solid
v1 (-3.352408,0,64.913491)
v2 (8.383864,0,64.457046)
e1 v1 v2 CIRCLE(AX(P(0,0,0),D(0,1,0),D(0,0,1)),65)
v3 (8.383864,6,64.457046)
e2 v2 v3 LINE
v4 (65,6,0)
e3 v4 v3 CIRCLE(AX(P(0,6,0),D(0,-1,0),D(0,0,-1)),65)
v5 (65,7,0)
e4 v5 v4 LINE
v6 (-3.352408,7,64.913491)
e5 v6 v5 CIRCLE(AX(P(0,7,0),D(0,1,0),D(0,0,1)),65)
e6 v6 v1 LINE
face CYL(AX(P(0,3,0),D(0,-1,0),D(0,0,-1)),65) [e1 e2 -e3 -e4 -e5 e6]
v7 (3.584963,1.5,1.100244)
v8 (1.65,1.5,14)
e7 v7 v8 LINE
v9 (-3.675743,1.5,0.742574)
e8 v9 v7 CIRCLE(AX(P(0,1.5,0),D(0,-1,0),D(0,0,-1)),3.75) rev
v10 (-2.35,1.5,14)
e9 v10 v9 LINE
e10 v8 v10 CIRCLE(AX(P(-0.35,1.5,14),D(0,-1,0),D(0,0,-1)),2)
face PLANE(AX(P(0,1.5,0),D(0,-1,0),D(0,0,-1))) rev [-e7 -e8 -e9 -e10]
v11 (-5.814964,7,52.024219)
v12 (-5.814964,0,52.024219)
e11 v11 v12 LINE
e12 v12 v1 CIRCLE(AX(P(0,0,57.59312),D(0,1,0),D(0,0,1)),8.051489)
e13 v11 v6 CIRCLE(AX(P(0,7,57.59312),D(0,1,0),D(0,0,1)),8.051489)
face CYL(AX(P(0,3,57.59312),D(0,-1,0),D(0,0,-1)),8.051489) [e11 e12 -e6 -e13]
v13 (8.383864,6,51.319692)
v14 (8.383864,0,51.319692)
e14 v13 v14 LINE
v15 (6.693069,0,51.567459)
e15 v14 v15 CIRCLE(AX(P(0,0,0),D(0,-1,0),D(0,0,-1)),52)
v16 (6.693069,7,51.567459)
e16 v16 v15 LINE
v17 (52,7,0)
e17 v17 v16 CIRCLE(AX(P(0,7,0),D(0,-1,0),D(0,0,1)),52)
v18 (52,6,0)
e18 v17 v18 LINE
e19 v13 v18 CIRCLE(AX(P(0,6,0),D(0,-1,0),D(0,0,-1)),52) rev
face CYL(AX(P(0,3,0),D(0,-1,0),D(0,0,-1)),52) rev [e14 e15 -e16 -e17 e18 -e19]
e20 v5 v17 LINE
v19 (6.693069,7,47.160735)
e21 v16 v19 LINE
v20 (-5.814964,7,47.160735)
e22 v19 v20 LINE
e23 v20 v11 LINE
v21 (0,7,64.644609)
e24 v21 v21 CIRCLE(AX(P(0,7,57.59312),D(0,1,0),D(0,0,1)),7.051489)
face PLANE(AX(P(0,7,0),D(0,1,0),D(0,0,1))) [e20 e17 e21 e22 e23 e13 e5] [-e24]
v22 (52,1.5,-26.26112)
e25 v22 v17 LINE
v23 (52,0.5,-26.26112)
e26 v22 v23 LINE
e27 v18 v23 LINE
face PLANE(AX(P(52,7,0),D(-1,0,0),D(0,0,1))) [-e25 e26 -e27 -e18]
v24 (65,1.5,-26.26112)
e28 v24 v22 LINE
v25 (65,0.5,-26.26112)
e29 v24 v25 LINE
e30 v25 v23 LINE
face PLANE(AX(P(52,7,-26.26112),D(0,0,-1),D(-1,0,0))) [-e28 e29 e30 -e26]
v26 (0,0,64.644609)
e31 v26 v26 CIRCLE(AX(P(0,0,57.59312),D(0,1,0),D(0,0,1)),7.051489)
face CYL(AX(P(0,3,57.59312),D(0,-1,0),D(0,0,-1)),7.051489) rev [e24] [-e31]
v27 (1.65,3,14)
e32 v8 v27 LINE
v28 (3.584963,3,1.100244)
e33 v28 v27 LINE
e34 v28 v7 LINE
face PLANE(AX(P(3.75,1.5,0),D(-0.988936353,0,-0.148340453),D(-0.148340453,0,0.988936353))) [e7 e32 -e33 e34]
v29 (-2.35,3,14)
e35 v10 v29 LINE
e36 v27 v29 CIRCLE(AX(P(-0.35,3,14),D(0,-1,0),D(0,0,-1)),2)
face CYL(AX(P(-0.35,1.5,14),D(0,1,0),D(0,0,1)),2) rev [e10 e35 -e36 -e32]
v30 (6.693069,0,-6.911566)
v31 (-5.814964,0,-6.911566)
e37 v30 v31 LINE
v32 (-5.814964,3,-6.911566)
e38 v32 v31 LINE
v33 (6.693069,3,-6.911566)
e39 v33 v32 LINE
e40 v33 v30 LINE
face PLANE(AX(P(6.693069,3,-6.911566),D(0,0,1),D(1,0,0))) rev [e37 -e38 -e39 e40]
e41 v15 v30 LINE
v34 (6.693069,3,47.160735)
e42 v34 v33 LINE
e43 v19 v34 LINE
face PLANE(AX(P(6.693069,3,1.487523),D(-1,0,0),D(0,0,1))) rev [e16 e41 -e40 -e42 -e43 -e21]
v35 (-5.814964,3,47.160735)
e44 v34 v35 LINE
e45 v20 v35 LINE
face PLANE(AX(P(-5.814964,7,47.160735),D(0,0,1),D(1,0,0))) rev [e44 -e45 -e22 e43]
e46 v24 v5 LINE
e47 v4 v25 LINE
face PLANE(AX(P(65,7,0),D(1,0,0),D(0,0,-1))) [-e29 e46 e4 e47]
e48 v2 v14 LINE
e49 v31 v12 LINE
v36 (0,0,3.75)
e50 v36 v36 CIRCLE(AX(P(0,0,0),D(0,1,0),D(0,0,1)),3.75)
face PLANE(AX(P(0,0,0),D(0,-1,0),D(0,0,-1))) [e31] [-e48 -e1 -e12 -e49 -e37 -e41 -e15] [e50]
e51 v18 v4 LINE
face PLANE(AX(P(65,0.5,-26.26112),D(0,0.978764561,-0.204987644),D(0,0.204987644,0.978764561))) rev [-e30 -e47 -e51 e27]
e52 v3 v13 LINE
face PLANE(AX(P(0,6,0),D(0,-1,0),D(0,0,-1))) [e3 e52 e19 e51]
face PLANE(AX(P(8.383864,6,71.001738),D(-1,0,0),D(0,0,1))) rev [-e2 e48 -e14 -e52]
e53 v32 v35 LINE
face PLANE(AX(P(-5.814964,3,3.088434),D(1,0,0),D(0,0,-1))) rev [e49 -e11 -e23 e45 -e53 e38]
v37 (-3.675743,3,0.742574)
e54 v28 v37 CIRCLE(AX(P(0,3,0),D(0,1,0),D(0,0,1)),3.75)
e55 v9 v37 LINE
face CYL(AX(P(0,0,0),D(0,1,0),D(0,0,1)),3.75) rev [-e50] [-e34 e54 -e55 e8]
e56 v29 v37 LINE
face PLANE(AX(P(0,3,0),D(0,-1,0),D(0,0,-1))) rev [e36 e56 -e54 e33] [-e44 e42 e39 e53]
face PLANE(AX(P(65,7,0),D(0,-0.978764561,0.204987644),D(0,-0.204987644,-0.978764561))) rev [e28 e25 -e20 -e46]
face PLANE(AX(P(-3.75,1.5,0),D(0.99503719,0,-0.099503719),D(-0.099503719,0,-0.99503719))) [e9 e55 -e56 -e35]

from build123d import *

# Parameters (mm, degrees)
SKETCH1_R                = 7.051488697
BOSS_EXTRUDE1_DEPTH      = 3
SKETCH2_R                = 7.051488697
BOSS_EXTRUDE2_DEPTH      = 4
SKETCH3_R                = 3.75
CUT_EXTRUDE1_DEPTH       = 93.010868923
CUT_EXTRUDE2_START       = -3
CUT_EXTRUDE2_DEPTH       = 1.5
SKETCH5_W                = 67.326740962
SKETCH5_H                = 77.001413362
CUT_EXTRUDE4_DEPTH       = 6
BOSS_EXTRUDE3_DEPTH      = 10
BOSS_EXTRUDE3_DEPTH_BACK = 1
SKETCH6_W                = 13
SKETCH6_H                = 26.261119779
CUT_EXTRUDE5_DEPTH       = 89.770385235


with BuildPart() as part:
    # Sketch1 → Boss-Extrude1 (new body)
    with BuildSketch(Plane(origin=(0, 0, 0), x_dir=(1, 0, 0), z_dir=(0, 1, 0))):
        with BuildLine():
            Line((6.693069307, -1.487522855), (6.693069307, -51.567458957))
            ThreePointArc((6.693069307, -51.567458957), (22.956358252, -46.658392769), (36.769552622, -36.769552622))
            ThreePointArc((36.769552622, -36.769552622), (43.25852742, -28.856538348), (48.072152744, -19.825945893))
            Line((48.072152744, -19.825945893), (60.09019093, -24.782432367))
            ThreePointArc((60.09019093, -24.782432367), (54.073159275, -36.070672935), (45.961940777, -45.961940777))
            ThreePointArc((45.961940777, -45.961940777), (26.581470301, -59.316316783), (3.715889133, -64.893698985))
            ThreePointArc((3.715889133, -64.893698985), (0.18200985, -64.999745172), (-3.352407903, -64.913491365))
            ThreePointArc((-3.352407903, -64.913491365), (-7.908445684, -59.104066137), (-5.814964059, -52.024218933))
            Line((-5.814964059, -52.024218933), (-5.814964059, -3.088434015))
            Line((-5.814964059, -3.088434015), (-5.814964059, 3.911565985))
            Line((-5.814964059, 3.911565985), (-5.814964059, 6.911565985))
            Line((-5.814964059, 6.911565985), (6.693069307, 6.911565985))
            Line((6.693069307, 6.911565985), (6.693069307, 3.911565985))
            Line((6.693069307, 3.911565985), (6.693069307, -1.487522855))
        make_face()
        with Locations(Location((0, -57.593120372, 0), (0, 0, 270))):
            Circle(SKETCH1_R, mode=Mode.SUBTRACT)
    extrude(amount=BOSS_EXTRUDE1_DEPTH)

    # Sketch2 → Boss-Extrude2 (add)
    with BuildSketch(Plane(origin=(0, 3, 0), x_dir=(1, 0, 0), z_dir=(0, 1, 0))):
        with BuildLine():
            Line((-5.814964059, -47.160734717), (6.693069307, -47.160734717))
            Line((6.693069307, -47.160734717), (6.693069307, -51.567458957))
            ThreePointArc((6.693069307, -51.567458957), (31.649459702, -41.259080219), (48.072152744, -19.825945893))
            ThreePointArc((48.072152744, -19.825945893), (51.008587231, -10.105643407), (52, 0))
            Line((52, 0), (65, 0))
            ThreePointArc((65, 0), (63.760734039, -12.632054258), (60.09019093, -24.782432367))
            ThreePointArc((60.09019093, -24.782432367), (34.747942094, -54.932508774), (-3.352407903, -64.913491365))
            ThreePointArc((-3.352407903, -64.913491365), (-7.908445684, -59.104066137), (-5.814964059, -52.024218933))
            Line((-5.814964059, -52.024218933), (-5.814964059, -47.160734717))
        make_face()
        with Locations(Location((0, -57.593120372, 0), (0, 0, 270))):
            Circle(SKETCH2_R, mode=Mode.SUBTRACT)
    extrude(amount=BOSS_EXTRUDE2_DEPTH)

    # Sketch3 → Cut-Extrude1 (cut, through all)
    with BuildSketch(Plane(origin=(0, 3, 0), x_dir=(1, 0, 0), z_dir=(0, 1, 0))):
        with Locations(Location((0, 0, 0), (0, 0, 270))):
            Circle(SKETCH3_R)
    extrude(amount=-CUT_EXTRUDE1_DEPTH, mode=Mode.SUBTRACT)

    # Sketch4 → Cut-Extrude2 (cut)
    with BuildSketch(Plane.XZ.offset(CUT_EXTRUDE2_START)):
        with BuildLine():
            Line((3.75, 0), (1.65, 14))
            ThreePointArc((1.65, 14), (-0.35, 16), (-2.35, 14))
            Line((-2.35, 14), (-3.75, 0))
            ThreePointArc((-3.75, 0), (0, -3.75), (3.75, 0))
        make_face()
    extrude(amount=CUT_EXTRUDE2_DEPTH, mode=Mode.SUBTRACT)

    # Sketch5 → Cut-Extrude4 (cut)
    with BuildSketch(Plane.XZ):
        with Locations((42.047234811, 32.501031374)):
            Rectangle(SKETCH5_W, SKETCH5_H)
    extrude(amount=-CUT_EXTRUDE4_DEPTH, mode=Mode.SUBTRACT)

    # Sketch6 → Boss-Extrude3 (add, two sides: drawn at the far end of the back side and taken through both)
    with BuildSketch(Plane.XZ.offset(-6).offset(-BOSS_EXTRUDE3_DEPTH_BACK)):
        with Locations((58.5, -13.13055989)):
            Rectangle(SKETCH6_W, SKETCH6_H)
    extrude(amount=BOSS_EXTRUDE3_DEPTH + BOSS_EXTRUDE3_DEPTH_BACK)

    # Sketch7 → Cut-Extrude5 (cut, through all)
    with BuildSketch(Plane.ZY.offset(-52)):
        Polygon((0, 7), (-26.261119779, 1.5), (-26.261119779, 7), align=None)
        Polygon((-26.261119779, 0.5), (0, 6), (0, -4), (-26.261119779, -4), align=None)
    extrude(amount=-CUT_EXTRUDE5_DEPTH, mode=Mode.SUBTRACT)


solid = part.part
